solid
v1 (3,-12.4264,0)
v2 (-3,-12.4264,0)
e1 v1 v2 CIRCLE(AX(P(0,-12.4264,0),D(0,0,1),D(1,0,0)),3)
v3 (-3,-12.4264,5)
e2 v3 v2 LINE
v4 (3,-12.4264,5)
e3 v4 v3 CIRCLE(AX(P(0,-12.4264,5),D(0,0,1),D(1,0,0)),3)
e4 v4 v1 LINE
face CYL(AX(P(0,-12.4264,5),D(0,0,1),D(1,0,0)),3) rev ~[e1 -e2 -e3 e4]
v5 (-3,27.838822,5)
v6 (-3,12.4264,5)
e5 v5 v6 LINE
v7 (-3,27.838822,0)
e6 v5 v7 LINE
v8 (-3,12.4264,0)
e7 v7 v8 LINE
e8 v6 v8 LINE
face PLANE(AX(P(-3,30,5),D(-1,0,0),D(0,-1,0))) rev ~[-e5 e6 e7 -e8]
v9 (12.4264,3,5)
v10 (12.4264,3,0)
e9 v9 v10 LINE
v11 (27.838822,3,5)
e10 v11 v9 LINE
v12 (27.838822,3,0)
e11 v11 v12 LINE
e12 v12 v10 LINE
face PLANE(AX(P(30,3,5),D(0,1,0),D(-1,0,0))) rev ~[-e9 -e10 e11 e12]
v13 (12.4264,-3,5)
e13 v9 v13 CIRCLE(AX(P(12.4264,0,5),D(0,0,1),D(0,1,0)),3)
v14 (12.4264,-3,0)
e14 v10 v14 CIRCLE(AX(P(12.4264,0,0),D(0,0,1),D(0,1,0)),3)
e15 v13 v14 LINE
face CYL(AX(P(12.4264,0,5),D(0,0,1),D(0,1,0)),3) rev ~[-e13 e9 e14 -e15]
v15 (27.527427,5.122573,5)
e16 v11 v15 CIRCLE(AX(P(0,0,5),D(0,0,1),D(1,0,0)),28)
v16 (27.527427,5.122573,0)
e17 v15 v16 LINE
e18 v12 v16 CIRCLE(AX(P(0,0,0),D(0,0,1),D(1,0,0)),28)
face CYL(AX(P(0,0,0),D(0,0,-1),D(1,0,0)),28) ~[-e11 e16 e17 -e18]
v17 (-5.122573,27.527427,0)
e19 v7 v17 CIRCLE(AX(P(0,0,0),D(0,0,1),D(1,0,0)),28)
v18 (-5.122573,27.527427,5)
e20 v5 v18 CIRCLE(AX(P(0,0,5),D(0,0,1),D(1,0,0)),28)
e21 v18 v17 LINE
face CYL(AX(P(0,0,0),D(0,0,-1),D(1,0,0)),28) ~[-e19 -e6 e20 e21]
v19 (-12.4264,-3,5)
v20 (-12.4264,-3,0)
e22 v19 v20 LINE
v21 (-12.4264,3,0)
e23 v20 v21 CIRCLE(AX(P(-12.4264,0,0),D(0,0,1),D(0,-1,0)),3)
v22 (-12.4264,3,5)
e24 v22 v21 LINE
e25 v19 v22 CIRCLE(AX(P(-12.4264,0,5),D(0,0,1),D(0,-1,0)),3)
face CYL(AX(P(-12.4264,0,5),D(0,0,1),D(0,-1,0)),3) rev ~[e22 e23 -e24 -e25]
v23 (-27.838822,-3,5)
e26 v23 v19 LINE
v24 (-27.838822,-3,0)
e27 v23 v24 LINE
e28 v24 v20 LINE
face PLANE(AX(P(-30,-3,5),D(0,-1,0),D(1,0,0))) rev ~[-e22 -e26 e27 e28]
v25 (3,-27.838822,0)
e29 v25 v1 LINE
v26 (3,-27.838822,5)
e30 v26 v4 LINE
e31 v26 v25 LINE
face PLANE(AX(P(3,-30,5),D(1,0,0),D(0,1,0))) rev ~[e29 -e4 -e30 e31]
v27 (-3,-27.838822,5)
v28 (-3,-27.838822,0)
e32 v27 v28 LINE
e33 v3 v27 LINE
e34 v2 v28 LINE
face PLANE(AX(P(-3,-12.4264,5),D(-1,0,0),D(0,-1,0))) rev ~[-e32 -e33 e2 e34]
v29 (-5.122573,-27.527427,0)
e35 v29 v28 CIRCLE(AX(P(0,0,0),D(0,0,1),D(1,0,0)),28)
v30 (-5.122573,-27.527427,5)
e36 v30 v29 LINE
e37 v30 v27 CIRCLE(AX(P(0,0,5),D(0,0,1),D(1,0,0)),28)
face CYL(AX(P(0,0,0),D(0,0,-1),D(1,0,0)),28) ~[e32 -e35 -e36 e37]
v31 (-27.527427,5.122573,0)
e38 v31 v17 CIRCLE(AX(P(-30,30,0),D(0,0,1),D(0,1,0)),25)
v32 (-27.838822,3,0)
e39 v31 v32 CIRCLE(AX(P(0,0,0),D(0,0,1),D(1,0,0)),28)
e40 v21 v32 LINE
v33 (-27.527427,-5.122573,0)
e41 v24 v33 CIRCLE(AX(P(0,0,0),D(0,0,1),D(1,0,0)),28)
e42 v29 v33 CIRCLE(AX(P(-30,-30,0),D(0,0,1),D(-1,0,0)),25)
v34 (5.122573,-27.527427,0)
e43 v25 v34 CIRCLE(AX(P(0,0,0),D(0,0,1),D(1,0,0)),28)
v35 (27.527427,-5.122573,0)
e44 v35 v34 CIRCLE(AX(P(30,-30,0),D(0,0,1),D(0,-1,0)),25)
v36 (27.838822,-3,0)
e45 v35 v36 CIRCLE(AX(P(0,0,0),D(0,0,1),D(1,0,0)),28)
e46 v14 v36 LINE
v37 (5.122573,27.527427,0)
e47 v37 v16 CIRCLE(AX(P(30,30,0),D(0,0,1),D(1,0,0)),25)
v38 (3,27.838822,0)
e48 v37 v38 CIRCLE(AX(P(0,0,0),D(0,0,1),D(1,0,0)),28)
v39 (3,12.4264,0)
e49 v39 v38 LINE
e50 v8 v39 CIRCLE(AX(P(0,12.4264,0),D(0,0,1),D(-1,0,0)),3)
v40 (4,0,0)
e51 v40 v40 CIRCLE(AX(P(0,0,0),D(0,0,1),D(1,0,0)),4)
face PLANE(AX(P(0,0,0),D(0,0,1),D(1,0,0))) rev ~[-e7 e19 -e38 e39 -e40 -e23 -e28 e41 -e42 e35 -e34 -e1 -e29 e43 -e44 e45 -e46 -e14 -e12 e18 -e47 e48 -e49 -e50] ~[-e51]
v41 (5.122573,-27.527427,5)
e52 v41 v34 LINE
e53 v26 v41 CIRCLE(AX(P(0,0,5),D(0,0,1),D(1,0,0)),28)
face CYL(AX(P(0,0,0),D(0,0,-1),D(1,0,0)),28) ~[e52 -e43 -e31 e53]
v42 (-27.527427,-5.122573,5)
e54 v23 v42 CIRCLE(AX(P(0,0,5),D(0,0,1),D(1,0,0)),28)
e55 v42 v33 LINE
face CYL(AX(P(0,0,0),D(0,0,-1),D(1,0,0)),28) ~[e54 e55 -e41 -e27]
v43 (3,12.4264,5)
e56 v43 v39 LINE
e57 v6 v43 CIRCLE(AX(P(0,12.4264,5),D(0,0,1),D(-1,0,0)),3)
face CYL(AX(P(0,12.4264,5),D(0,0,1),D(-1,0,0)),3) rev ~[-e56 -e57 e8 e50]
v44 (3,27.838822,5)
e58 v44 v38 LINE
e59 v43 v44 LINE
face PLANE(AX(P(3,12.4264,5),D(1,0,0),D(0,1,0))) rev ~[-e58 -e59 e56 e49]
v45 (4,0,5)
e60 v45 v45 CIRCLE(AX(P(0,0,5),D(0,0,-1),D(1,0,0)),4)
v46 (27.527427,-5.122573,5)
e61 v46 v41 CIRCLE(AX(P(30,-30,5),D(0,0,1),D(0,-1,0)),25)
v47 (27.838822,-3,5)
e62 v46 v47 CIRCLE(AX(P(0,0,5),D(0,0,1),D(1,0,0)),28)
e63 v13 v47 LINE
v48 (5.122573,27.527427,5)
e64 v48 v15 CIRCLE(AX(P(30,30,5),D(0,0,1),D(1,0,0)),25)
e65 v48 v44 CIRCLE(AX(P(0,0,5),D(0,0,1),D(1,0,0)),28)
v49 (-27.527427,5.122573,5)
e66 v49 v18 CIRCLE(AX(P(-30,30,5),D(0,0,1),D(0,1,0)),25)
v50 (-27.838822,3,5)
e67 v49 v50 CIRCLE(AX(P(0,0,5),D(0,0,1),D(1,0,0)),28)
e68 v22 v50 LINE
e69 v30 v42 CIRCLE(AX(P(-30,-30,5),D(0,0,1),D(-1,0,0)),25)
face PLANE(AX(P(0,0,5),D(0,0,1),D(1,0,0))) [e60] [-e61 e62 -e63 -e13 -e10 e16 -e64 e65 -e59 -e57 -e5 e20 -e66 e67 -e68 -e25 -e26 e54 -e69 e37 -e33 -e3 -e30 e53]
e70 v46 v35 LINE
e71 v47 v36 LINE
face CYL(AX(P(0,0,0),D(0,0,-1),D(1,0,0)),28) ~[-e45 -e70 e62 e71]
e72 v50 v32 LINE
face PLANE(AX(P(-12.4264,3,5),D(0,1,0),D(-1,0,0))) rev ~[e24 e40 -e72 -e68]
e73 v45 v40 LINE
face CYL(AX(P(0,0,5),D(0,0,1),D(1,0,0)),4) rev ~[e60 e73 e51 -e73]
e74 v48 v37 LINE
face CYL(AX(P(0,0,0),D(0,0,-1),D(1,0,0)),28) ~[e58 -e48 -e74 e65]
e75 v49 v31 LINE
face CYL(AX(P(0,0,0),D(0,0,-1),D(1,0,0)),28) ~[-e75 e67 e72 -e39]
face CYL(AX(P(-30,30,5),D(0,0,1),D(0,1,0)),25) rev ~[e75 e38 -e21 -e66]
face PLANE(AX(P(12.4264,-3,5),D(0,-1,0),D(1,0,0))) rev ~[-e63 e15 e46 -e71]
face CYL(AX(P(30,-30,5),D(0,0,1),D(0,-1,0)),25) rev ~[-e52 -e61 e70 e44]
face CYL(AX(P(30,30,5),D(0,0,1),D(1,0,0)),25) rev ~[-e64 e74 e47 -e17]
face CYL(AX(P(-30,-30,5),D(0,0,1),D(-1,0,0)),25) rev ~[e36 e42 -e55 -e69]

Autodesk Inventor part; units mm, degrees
ref_plane "YZ Plane" through (0, 0, 0) normal (1, 0, 0) x (0, 1, 0)
ref_plane "XZ Plane" through (0, 0, 0) normal (0, 1, 0) x (-1, 0, 0)
ref_plane "XY Plane" through (0, 0, 0) normal (0, 0, 1) x (1, 0, 0)
sketch "Sketch1" plane through (0, 0, 0) normal (0, 0, 1) x (1, 0, 0)
  circle A0 centre (0, 0) radius 28
  dimension "d0" = 56
extrude "Extrusion1" add sketch "Sketch1" along normal blind 5
sketch "Sketch2" plane through (0, 0, 5) normal (0, 0, 1) x (1, 0, 0)
  line L0 (0, 0) -> (30, 0) construction
  line L1 (30, 0) -> (30, 30) construction
  line L2 (30, 30) -> (0, 30) construction
  line L3 (0, 30) -> (0, 0) construction
  circle A0 centre (0, 0) radius 30 construction
  circle A1 centre (30, 30) radius 30 construction
  circle A2 centre (0, 0) radius 12.4264 construction
  circle A3 centre (30, 30) radius 25
  circle A4 centre (0, 0) radius 4
  line L4 (30, 0) -> (12.4264, 0) construction
  line L5 (30, 3) -> (12.4264, 3)
  line L6 (12.4264, -3) -> (30, -3)
  arc A5 (30, -3) -> (30, 3) centre (30, 0) ccw
  arc A6 (12.4264, 3) -> (12.4264, -3) centre (12.4264, 0) ccw
  point P0 (21.2132, 0)
  dimension "d3" = 30
  dimension "d4" = 30
  dimension "d5" = 60
  dimension "d6" = 60
  dimension "d7" = 50
  dimension "d8" = 8
  dimension "d9" = 6
sketch "Sketch3" plane through (0, 0, 5) normal (0, 0, 1) x (1, 0, 0)
  point P0 (0, 0)
sketch "Sketch4" plane through (0, 0, 5) normal (0, 0, 1) x (1, 0, 0)
  point P0 (0, 0)
extrude "Extrusion2" cut sketch "Sketch2" against normal blind 5
pattern_circular "Circular Pattern1" count 4 over 360 about axis through (0, 0, 5) along (0, 0, -1) of "Extrusion2"
